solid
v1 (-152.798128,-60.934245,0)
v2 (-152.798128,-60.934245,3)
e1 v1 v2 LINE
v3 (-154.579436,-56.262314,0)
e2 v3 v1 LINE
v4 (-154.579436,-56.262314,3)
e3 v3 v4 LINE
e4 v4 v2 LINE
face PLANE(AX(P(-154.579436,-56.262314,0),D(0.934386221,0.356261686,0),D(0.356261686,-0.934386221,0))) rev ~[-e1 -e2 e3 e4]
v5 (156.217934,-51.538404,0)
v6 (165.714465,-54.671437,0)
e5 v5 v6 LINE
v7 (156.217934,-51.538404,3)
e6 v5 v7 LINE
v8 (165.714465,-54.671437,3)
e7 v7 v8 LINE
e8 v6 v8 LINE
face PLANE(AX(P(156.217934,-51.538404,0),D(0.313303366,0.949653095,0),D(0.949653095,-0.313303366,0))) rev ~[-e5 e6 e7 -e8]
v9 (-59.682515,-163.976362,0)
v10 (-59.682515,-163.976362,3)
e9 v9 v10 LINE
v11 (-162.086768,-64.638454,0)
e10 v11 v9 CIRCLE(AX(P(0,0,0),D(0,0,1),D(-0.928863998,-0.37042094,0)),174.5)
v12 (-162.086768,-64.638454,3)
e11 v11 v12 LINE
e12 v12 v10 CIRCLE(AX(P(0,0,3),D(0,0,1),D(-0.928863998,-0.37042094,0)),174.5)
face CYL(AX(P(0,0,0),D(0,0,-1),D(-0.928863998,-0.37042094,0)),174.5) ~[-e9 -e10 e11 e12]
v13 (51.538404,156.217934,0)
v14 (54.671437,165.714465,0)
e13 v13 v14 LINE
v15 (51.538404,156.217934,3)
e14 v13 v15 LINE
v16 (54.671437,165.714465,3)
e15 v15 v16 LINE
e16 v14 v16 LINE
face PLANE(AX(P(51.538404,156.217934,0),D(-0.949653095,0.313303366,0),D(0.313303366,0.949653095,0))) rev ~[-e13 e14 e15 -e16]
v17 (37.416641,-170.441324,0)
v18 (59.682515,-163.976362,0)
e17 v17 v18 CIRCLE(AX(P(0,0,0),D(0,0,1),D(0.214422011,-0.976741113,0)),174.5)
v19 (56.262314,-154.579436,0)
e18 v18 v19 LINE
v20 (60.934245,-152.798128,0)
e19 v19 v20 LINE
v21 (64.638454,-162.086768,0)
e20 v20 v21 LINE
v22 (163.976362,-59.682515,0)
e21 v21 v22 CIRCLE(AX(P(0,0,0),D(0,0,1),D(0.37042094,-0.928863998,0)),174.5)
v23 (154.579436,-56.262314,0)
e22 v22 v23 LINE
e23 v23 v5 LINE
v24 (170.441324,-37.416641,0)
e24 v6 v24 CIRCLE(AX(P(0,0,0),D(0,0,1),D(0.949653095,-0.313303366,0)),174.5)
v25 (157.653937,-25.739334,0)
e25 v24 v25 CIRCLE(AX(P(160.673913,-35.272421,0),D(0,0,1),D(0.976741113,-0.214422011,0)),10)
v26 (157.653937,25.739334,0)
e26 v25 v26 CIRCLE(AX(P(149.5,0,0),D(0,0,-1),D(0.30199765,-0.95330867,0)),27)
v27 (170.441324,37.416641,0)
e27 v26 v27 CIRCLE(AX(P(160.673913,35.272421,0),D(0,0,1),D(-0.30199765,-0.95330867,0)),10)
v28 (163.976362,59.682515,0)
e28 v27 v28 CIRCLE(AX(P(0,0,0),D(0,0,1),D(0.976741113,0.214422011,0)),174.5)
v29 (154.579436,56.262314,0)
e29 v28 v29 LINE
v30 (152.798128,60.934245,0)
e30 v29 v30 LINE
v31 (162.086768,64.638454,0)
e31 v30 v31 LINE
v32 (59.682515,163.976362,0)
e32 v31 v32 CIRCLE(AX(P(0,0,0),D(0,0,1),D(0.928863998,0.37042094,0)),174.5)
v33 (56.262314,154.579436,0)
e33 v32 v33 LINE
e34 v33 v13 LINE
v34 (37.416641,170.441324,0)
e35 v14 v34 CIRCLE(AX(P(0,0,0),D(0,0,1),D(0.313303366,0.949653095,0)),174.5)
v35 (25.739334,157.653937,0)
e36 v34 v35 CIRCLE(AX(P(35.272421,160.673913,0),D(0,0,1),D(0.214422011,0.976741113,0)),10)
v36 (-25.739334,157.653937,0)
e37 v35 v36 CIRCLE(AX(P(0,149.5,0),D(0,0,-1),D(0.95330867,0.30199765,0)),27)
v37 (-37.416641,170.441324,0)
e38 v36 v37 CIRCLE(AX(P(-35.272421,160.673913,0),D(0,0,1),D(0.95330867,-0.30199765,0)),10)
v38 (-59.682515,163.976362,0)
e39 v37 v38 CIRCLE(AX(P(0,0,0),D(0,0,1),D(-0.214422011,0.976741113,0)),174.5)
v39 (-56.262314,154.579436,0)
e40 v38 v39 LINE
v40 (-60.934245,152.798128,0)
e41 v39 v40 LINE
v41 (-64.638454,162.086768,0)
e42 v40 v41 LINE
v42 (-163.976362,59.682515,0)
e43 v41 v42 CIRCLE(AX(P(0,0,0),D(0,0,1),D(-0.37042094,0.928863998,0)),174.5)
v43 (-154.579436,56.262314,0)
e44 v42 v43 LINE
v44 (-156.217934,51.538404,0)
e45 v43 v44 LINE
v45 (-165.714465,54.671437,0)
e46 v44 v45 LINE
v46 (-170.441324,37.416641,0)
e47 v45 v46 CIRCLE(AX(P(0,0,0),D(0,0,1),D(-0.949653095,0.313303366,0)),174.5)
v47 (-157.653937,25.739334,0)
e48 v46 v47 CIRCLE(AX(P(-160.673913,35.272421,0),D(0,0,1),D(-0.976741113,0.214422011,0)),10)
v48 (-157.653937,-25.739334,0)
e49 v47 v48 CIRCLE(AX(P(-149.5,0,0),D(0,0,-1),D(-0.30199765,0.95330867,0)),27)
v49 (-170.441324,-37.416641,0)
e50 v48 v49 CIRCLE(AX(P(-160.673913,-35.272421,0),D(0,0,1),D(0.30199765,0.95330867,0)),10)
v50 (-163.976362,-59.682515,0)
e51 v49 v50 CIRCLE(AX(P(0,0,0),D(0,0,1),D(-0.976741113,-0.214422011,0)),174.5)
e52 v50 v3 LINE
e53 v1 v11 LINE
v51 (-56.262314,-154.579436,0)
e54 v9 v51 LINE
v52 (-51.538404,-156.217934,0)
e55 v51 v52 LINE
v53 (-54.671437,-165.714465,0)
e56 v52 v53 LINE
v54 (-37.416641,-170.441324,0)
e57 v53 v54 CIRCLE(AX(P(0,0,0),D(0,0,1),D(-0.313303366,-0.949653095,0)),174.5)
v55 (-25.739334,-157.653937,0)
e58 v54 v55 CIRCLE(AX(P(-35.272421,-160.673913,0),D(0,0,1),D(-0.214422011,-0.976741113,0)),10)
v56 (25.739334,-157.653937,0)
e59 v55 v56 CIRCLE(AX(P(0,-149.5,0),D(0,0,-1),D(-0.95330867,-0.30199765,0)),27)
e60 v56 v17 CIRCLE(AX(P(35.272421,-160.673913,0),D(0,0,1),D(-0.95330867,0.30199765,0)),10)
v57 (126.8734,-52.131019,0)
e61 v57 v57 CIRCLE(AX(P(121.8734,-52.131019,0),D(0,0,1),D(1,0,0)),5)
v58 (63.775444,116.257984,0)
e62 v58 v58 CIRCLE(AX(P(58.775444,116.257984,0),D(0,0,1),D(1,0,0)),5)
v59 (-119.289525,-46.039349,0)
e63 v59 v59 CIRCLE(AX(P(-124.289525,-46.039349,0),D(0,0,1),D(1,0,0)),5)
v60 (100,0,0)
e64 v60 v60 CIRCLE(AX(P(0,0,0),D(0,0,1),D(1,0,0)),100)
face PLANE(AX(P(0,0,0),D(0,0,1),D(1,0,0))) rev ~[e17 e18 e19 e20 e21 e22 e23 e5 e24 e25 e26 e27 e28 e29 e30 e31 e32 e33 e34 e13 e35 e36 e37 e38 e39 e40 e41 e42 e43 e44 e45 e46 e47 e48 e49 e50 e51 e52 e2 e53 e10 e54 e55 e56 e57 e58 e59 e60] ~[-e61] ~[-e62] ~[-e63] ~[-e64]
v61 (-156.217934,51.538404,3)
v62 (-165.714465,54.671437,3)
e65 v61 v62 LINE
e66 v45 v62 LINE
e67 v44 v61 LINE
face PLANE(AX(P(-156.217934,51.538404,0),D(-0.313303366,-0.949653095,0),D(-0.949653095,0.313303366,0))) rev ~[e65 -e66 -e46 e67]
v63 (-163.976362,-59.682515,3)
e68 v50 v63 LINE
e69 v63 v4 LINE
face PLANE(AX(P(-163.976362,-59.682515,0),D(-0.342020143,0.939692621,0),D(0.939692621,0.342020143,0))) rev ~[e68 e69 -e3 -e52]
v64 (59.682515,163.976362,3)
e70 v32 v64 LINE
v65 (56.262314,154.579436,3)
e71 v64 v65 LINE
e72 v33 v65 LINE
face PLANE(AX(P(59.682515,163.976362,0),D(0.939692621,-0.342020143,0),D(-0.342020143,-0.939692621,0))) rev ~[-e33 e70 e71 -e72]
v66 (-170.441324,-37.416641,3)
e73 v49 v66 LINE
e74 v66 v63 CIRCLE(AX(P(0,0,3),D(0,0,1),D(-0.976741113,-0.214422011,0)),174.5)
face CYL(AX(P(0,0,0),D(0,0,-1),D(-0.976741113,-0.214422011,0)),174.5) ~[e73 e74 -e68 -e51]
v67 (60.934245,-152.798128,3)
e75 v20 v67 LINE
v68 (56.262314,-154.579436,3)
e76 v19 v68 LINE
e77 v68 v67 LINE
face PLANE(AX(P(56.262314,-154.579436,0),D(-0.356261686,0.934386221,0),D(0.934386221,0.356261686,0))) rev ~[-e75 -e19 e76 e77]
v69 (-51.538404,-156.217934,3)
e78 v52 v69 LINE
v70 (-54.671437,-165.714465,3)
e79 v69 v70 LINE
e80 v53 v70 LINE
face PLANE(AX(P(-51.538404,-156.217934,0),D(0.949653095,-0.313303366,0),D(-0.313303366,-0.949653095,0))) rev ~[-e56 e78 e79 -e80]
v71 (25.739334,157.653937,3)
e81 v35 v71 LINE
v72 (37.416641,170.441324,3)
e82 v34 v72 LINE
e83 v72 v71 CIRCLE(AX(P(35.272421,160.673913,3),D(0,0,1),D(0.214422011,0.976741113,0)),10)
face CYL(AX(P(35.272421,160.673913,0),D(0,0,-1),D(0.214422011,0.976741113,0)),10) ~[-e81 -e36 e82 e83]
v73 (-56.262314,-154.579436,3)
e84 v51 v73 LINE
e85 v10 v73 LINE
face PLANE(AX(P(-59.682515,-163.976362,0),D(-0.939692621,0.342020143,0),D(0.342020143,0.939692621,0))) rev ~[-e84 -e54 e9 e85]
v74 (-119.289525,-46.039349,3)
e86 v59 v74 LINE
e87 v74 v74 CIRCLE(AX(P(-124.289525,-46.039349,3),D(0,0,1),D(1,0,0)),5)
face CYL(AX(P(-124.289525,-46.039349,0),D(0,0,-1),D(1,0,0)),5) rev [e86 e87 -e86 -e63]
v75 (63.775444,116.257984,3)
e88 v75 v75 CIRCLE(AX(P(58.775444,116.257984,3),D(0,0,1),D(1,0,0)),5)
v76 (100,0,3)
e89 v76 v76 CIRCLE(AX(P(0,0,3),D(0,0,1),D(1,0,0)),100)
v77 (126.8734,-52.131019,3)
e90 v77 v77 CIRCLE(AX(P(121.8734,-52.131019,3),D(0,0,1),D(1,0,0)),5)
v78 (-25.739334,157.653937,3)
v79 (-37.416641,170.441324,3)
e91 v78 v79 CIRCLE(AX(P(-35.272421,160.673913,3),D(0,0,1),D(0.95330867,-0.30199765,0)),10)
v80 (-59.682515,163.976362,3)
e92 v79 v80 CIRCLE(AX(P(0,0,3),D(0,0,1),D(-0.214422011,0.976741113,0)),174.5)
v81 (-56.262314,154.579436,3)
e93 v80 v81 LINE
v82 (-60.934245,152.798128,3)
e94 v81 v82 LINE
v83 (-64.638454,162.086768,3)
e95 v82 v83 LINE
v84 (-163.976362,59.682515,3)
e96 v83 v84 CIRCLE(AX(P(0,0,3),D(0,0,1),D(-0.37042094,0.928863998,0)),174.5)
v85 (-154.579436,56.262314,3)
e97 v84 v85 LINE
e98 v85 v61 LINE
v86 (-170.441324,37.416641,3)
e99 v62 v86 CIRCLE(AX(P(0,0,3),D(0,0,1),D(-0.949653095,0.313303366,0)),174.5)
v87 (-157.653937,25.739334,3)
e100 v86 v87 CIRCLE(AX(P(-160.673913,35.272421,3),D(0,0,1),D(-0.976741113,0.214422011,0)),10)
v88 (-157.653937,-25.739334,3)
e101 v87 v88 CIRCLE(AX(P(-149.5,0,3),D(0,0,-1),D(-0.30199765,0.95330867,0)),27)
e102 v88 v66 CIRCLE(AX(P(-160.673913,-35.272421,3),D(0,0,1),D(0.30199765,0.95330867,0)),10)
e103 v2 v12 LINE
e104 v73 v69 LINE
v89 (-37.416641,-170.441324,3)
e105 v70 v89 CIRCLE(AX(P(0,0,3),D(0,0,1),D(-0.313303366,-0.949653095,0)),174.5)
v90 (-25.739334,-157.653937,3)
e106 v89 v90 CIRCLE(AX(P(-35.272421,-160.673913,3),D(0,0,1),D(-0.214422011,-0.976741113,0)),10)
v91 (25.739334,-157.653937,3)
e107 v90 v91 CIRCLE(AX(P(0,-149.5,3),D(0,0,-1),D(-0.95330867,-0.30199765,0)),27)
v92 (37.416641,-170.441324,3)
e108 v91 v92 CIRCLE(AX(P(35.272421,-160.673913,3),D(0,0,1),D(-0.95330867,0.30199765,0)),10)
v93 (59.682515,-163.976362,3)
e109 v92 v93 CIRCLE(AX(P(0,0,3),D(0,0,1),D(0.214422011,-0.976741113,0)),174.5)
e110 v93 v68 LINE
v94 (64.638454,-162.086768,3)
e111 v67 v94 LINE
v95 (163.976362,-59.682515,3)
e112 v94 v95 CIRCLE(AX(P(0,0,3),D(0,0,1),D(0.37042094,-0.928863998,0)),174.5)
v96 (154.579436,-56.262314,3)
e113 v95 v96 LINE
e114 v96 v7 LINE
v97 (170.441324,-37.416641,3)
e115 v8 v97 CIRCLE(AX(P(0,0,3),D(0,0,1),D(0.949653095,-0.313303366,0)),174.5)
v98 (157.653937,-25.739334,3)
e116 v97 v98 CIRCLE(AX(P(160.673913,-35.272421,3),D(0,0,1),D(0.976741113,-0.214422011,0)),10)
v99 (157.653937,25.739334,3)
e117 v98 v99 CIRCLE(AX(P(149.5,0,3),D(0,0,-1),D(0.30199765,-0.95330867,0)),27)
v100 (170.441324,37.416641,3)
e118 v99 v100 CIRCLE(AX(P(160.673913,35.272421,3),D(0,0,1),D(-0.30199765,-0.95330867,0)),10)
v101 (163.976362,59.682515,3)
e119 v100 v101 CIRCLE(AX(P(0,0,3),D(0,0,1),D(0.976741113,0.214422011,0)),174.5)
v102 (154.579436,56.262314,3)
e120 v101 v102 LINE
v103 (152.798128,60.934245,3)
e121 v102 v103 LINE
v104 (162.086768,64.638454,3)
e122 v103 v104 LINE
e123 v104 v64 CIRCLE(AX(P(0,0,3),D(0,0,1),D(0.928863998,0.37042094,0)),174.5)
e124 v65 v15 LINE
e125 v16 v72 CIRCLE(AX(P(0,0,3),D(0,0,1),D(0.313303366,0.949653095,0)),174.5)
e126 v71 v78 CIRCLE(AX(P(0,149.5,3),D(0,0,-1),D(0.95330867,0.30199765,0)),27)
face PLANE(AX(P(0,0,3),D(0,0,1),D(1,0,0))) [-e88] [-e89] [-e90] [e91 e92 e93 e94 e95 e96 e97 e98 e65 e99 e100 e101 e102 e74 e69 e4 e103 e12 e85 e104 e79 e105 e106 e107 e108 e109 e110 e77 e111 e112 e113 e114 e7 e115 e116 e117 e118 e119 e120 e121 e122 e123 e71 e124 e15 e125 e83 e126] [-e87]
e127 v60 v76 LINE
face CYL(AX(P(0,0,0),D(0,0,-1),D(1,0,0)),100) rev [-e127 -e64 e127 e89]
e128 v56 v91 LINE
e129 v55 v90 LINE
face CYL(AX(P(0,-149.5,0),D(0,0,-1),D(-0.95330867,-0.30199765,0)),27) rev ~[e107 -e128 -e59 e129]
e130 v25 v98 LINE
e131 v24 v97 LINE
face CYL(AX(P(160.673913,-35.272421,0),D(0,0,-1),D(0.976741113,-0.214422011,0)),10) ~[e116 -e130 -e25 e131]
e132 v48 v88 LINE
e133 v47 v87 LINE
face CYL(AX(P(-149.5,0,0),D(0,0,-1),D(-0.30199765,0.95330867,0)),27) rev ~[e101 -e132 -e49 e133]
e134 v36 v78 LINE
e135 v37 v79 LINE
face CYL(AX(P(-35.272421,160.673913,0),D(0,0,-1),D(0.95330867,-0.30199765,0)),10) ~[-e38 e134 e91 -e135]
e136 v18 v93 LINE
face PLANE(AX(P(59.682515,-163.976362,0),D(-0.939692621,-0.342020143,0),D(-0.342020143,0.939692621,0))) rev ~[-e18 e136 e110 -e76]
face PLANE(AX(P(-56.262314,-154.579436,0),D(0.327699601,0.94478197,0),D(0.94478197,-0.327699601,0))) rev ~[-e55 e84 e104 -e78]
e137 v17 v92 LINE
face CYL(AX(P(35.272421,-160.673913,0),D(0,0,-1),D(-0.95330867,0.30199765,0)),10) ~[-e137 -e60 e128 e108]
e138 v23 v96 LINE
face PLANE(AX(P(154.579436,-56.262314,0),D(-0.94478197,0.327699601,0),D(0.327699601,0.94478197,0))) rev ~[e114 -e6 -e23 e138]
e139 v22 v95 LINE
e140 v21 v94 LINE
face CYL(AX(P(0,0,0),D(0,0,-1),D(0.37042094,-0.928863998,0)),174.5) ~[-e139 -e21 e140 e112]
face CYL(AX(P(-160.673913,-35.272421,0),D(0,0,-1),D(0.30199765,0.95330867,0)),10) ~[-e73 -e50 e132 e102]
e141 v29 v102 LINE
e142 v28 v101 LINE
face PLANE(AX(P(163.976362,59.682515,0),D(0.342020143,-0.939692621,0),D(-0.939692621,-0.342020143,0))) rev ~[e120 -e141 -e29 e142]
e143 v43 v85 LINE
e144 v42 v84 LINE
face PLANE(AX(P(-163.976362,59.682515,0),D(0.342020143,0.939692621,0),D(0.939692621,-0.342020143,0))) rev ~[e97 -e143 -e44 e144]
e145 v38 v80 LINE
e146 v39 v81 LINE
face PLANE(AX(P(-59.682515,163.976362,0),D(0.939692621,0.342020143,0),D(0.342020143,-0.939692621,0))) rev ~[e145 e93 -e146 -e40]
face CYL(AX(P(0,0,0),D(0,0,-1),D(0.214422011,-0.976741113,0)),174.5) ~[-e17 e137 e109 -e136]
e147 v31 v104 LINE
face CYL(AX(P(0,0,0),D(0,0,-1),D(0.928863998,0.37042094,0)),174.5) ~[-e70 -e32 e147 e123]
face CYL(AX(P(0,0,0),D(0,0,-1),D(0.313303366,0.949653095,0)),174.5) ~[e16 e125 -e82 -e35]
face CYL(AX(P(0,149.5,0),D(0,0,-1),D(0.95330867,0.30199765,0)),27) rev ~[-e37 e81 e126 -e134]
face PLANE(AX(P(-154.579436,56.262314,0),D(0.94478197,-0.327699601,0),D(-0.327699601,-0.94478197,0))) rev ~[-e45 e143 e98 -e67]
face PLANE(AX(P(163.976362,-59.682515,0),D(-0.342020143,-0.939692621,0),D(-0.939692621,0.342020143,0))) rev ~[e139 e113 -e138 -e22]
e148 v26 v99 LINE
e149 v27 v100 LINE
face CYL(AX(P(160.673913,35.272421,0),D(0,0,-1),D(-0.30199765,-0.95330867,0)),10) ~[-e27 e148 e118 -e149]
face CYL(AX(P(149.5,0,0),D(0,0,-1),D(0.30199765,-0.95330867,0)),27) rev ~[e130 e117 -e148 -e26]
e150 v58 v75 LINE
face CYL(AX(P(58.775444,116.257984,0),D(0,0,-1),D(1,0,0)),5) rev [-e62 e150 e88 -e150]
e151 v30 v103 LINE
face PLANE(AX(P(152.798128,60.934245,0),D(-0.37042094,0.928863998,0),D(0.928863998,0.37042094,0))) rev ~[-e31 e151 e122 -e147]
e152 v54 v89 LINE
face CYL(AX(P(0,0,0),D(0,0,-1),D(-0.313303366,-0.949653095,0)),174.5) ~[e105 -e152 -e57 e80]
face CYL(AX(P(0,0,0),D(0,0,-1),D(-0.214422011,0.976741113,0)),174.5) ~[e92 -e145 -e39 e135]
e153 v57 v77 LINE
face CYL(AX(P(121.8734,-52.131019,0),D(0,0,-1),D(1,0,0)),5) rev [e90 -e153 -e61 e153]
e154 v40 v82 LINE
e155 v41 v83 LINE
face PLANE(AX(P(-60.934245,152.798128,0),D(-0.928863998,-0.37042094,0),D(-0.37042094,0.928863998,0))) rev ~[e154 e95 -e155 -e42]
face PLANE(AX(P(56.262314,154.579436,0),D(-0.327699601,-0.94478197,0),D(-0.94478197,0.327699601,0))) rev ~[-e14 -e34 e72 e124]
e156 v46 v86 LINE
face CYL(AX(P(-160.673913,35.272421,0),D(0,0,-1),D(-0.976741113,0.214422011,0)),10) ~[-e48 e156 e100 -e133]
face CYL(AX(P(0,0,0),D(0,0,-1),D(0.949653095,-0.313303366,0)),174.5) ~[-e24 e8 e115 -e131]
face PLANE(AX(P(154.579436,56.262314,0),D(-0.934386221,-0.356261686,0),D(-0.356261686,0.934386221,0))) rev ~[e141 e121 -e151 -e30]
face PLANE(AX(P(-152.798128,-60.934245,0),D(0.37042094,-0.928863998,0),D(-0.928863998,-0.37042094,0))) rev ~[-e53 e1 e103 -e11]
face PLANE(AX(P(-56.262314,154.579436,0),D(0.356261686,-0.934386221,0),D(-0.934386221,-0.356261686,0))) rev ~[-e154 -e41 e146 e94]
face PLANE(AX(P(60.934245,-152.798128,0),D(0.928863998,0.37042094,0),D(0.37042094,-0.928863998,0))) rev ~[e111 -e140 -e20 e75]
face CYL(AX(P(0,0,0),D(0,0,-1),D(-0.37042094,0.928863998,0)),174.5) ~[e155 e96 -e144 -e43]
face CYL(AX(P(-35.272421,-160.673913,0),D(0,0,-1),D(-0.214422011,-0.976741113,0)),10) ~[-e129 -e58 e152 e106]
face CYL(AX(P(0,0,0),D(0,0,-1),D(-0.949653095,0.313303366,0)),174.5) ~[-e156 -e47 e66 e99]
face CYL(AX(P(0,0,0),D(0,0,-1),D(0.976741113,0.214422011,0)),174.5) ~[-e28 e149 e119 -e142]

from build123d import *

# Parameters (mm, degrees)
SKETCH1_R           = 5
SKETCH1_R_2         = 100
BOSS_EXTRUDE1_DEPTH = 3


with BuildPart() as part:
    # Sketch1 → Boss-Extrude1 (new body)
    with BuildSketch(Plane.XY):
        with BuildLine():
            Line((-56.262313577, -154.579436119), (-51.538403725, -156.217934123))
            Line((-51.538403725, -156.217934123), (-54.671437386, -165.714465072))
            ThreePointArc((-54.671437386, -165.714465072), (-46.10465637, -168.299170114), (-37.416640882, -170.441324171))
            ThreePointArc((-37.416640882, -170.441324171), (-27.888102395, -167.417194297), (-25.739334079, -157.653936545))
            ThreePointArc((-25.739334079, -157.653936545), (0, -122.5), (25.739334079, -157.653936545))
            ThreePointArc((25.739334079, -157.653936545), (27.888102395, -167.417194297), (37.416640882, -170.441324171))
            ThreePointArc((37.416640882, -170.441324171), (48.657069904, -167.579054623), (59.68251501, -163.976362327))
            Line((59.68251501, -163.976362327), (56.262313577, -154.579436119))
            Line((56.262313577, -154.579436119), (60.934244684, -152.798127687))
            Line((60.934244684, -152.798127687), (64.638454088, -162.086767668))
            ThreePointArc((64.638454088, -162.086767668), (125.251113016, -121.500653037), (163.976362327, -59.68251501))
            Line((163.976362327, -59.68251501), (154.579436119, -56.262313577))
            Line((154.579436119, -56.262313577), (156.217934123, -51.538403725))
            Line((156.217934123, -51.538403725), (165.714465072, -54.671437386))
            ThreePointArc((165.714465072, -54.671437386), (168.299170114, -46.10465637), (170.441324171, -37.416640882))
            ThreePointArc((170.441324171, -37.416640882), (167.417194297, -27.888102395), (157.653936545, -25.739334079))
            ThreePointArc((157.653936545, -25.739334079), (122.5, 0), (157.653936545, 25.739334079))
            ThreePointArc((157.653936545, 25.739334079), (167.417194297, 27.888102395), (170.441324171, 37.416640882))
            ThreePointArc((170.441324171, 37.416640882), (167.579054623, 48.657069904), (163.976362327, 59.68251501))
            Line((163.976362327, 59.68251501), (154.579436119, 56.262313577))
            Line((154.579436119, 56.262313577), (152.798127687, 60.934244684))
            Line((152.798127687, 60.934244684), (162.086767668, 64.638454088))
            ThreePointArc((162.086767668, 64.638454088), (121.500653037, 125.251113016), (59.68251501, 163.976362327))
            Line((59.68251501, 163.976362327), (56.262313577, 154.579436119))
            Line((56.262313577, 154.579436119), (51.538403725, 156.217934123))
            Line((51.538403725, 156.217934123), (54.671437386, 165.714465072))
            ThreePointArc((54.671437386, 165.714465072), (46.10465637, 168.299170114), (37.416640882, 170.441324171))
            ThreePointArc((37.416640882, 170.441324171), (27.888102395, 167.417194297), (25.739334079, 157.653936545))
            ThreePointArc((25.739334079, 157.653936545), (0, 122.5), (-25.739334079, 157.653936545))
            ThreePointArc((-25.739334079, 157.653936545), (-27.888102395, 167.417194297), (-37.416640882, 170.441324171))
            ThreePointArc((-37.416640882, 170.441324171), (-48.657069904, 167.579054623), (-59.68251501, 163.976362327))
            Line((-59.68251501, 163.976362327), (-56.262313577, 154.579436119))
            Line((-56.262313577, 154.579436119), (-60.934244684, 152.798127687))
            Line((-60.934244684, 152.798127687), (-64.638454088, 162.086767668))
            ThreePointArc((-64.638454088, 162.086767668), (-125.251113016, 121.500653037), (-163.976362327, 59.68251501))
            Line((-163.976362327, 59.68251501), (-154.579436119, 56.262313577))
            Line((-154.579436119, 56.262313577), (-156.217934123, 51.538403725))
            Line((-156.217934123, 51.538403725), (-165.714465072, 54.671437386))
            ThreePointArc((-165.714465072, 54.671437386), (-168.299170114, 46.10465637), (-170.441324171, 37.416640882))
            ThreePointArc((-170.441324171, 37.416640882), (-167.417194297, 27.888102395), (-157.653936545, 25.739334079))
            ThreePointArc((-157.653936545, 25.739334079), (-122.5, 0), (-157.653936545, -25.739334079))
            ThreePointArc((-157.653936545, -25.739334079), (-167.417194297, -27.888102395), (-170.441324171, -37.416640882))
            ThreePointArc((-170.441324171, -37.416640882), (-167.579054623, -48.657069904), (-163.976362327, -59.68251501))
            Line((-163.976362327, -59.68251501), (-154.579436119, -56.262313577))
            Line((-154.579436119, -56.262313577), (-152.798127687, -60.934244684))
            Line((-152.798127687, -60.934244684), (-162.086767668, -64.638454088))
            ThreePointArc((-162.086767668, -64.638454088), (-121.500653037, -125.251113016), (-59.68251501, -163.976362327))
            Line((-59.68251501, -163.976362327), (-56.262313577, -154.579436119))
        make_face()
        with Locations((121.873399663, -52.131018514)):
            Circle(SKETCH1_R, mode=Mode.SUBTRACT)
        with Locations((58.775444452, 116.257983948)):
            Circle(SKETCH1_R, mode=Mode.SUBTRACT)
        with Locations((-124.289525039, -46.039349088)):
            Circle(SKETCH1_R, mode=Mode.SUBTRACT)
        Circle(SKETCH1_R_2, mode=Mode.SUBTRACT)
    extrude(amount=BOSS_EXTRUDE1_DEPTH)


solid = part.part
